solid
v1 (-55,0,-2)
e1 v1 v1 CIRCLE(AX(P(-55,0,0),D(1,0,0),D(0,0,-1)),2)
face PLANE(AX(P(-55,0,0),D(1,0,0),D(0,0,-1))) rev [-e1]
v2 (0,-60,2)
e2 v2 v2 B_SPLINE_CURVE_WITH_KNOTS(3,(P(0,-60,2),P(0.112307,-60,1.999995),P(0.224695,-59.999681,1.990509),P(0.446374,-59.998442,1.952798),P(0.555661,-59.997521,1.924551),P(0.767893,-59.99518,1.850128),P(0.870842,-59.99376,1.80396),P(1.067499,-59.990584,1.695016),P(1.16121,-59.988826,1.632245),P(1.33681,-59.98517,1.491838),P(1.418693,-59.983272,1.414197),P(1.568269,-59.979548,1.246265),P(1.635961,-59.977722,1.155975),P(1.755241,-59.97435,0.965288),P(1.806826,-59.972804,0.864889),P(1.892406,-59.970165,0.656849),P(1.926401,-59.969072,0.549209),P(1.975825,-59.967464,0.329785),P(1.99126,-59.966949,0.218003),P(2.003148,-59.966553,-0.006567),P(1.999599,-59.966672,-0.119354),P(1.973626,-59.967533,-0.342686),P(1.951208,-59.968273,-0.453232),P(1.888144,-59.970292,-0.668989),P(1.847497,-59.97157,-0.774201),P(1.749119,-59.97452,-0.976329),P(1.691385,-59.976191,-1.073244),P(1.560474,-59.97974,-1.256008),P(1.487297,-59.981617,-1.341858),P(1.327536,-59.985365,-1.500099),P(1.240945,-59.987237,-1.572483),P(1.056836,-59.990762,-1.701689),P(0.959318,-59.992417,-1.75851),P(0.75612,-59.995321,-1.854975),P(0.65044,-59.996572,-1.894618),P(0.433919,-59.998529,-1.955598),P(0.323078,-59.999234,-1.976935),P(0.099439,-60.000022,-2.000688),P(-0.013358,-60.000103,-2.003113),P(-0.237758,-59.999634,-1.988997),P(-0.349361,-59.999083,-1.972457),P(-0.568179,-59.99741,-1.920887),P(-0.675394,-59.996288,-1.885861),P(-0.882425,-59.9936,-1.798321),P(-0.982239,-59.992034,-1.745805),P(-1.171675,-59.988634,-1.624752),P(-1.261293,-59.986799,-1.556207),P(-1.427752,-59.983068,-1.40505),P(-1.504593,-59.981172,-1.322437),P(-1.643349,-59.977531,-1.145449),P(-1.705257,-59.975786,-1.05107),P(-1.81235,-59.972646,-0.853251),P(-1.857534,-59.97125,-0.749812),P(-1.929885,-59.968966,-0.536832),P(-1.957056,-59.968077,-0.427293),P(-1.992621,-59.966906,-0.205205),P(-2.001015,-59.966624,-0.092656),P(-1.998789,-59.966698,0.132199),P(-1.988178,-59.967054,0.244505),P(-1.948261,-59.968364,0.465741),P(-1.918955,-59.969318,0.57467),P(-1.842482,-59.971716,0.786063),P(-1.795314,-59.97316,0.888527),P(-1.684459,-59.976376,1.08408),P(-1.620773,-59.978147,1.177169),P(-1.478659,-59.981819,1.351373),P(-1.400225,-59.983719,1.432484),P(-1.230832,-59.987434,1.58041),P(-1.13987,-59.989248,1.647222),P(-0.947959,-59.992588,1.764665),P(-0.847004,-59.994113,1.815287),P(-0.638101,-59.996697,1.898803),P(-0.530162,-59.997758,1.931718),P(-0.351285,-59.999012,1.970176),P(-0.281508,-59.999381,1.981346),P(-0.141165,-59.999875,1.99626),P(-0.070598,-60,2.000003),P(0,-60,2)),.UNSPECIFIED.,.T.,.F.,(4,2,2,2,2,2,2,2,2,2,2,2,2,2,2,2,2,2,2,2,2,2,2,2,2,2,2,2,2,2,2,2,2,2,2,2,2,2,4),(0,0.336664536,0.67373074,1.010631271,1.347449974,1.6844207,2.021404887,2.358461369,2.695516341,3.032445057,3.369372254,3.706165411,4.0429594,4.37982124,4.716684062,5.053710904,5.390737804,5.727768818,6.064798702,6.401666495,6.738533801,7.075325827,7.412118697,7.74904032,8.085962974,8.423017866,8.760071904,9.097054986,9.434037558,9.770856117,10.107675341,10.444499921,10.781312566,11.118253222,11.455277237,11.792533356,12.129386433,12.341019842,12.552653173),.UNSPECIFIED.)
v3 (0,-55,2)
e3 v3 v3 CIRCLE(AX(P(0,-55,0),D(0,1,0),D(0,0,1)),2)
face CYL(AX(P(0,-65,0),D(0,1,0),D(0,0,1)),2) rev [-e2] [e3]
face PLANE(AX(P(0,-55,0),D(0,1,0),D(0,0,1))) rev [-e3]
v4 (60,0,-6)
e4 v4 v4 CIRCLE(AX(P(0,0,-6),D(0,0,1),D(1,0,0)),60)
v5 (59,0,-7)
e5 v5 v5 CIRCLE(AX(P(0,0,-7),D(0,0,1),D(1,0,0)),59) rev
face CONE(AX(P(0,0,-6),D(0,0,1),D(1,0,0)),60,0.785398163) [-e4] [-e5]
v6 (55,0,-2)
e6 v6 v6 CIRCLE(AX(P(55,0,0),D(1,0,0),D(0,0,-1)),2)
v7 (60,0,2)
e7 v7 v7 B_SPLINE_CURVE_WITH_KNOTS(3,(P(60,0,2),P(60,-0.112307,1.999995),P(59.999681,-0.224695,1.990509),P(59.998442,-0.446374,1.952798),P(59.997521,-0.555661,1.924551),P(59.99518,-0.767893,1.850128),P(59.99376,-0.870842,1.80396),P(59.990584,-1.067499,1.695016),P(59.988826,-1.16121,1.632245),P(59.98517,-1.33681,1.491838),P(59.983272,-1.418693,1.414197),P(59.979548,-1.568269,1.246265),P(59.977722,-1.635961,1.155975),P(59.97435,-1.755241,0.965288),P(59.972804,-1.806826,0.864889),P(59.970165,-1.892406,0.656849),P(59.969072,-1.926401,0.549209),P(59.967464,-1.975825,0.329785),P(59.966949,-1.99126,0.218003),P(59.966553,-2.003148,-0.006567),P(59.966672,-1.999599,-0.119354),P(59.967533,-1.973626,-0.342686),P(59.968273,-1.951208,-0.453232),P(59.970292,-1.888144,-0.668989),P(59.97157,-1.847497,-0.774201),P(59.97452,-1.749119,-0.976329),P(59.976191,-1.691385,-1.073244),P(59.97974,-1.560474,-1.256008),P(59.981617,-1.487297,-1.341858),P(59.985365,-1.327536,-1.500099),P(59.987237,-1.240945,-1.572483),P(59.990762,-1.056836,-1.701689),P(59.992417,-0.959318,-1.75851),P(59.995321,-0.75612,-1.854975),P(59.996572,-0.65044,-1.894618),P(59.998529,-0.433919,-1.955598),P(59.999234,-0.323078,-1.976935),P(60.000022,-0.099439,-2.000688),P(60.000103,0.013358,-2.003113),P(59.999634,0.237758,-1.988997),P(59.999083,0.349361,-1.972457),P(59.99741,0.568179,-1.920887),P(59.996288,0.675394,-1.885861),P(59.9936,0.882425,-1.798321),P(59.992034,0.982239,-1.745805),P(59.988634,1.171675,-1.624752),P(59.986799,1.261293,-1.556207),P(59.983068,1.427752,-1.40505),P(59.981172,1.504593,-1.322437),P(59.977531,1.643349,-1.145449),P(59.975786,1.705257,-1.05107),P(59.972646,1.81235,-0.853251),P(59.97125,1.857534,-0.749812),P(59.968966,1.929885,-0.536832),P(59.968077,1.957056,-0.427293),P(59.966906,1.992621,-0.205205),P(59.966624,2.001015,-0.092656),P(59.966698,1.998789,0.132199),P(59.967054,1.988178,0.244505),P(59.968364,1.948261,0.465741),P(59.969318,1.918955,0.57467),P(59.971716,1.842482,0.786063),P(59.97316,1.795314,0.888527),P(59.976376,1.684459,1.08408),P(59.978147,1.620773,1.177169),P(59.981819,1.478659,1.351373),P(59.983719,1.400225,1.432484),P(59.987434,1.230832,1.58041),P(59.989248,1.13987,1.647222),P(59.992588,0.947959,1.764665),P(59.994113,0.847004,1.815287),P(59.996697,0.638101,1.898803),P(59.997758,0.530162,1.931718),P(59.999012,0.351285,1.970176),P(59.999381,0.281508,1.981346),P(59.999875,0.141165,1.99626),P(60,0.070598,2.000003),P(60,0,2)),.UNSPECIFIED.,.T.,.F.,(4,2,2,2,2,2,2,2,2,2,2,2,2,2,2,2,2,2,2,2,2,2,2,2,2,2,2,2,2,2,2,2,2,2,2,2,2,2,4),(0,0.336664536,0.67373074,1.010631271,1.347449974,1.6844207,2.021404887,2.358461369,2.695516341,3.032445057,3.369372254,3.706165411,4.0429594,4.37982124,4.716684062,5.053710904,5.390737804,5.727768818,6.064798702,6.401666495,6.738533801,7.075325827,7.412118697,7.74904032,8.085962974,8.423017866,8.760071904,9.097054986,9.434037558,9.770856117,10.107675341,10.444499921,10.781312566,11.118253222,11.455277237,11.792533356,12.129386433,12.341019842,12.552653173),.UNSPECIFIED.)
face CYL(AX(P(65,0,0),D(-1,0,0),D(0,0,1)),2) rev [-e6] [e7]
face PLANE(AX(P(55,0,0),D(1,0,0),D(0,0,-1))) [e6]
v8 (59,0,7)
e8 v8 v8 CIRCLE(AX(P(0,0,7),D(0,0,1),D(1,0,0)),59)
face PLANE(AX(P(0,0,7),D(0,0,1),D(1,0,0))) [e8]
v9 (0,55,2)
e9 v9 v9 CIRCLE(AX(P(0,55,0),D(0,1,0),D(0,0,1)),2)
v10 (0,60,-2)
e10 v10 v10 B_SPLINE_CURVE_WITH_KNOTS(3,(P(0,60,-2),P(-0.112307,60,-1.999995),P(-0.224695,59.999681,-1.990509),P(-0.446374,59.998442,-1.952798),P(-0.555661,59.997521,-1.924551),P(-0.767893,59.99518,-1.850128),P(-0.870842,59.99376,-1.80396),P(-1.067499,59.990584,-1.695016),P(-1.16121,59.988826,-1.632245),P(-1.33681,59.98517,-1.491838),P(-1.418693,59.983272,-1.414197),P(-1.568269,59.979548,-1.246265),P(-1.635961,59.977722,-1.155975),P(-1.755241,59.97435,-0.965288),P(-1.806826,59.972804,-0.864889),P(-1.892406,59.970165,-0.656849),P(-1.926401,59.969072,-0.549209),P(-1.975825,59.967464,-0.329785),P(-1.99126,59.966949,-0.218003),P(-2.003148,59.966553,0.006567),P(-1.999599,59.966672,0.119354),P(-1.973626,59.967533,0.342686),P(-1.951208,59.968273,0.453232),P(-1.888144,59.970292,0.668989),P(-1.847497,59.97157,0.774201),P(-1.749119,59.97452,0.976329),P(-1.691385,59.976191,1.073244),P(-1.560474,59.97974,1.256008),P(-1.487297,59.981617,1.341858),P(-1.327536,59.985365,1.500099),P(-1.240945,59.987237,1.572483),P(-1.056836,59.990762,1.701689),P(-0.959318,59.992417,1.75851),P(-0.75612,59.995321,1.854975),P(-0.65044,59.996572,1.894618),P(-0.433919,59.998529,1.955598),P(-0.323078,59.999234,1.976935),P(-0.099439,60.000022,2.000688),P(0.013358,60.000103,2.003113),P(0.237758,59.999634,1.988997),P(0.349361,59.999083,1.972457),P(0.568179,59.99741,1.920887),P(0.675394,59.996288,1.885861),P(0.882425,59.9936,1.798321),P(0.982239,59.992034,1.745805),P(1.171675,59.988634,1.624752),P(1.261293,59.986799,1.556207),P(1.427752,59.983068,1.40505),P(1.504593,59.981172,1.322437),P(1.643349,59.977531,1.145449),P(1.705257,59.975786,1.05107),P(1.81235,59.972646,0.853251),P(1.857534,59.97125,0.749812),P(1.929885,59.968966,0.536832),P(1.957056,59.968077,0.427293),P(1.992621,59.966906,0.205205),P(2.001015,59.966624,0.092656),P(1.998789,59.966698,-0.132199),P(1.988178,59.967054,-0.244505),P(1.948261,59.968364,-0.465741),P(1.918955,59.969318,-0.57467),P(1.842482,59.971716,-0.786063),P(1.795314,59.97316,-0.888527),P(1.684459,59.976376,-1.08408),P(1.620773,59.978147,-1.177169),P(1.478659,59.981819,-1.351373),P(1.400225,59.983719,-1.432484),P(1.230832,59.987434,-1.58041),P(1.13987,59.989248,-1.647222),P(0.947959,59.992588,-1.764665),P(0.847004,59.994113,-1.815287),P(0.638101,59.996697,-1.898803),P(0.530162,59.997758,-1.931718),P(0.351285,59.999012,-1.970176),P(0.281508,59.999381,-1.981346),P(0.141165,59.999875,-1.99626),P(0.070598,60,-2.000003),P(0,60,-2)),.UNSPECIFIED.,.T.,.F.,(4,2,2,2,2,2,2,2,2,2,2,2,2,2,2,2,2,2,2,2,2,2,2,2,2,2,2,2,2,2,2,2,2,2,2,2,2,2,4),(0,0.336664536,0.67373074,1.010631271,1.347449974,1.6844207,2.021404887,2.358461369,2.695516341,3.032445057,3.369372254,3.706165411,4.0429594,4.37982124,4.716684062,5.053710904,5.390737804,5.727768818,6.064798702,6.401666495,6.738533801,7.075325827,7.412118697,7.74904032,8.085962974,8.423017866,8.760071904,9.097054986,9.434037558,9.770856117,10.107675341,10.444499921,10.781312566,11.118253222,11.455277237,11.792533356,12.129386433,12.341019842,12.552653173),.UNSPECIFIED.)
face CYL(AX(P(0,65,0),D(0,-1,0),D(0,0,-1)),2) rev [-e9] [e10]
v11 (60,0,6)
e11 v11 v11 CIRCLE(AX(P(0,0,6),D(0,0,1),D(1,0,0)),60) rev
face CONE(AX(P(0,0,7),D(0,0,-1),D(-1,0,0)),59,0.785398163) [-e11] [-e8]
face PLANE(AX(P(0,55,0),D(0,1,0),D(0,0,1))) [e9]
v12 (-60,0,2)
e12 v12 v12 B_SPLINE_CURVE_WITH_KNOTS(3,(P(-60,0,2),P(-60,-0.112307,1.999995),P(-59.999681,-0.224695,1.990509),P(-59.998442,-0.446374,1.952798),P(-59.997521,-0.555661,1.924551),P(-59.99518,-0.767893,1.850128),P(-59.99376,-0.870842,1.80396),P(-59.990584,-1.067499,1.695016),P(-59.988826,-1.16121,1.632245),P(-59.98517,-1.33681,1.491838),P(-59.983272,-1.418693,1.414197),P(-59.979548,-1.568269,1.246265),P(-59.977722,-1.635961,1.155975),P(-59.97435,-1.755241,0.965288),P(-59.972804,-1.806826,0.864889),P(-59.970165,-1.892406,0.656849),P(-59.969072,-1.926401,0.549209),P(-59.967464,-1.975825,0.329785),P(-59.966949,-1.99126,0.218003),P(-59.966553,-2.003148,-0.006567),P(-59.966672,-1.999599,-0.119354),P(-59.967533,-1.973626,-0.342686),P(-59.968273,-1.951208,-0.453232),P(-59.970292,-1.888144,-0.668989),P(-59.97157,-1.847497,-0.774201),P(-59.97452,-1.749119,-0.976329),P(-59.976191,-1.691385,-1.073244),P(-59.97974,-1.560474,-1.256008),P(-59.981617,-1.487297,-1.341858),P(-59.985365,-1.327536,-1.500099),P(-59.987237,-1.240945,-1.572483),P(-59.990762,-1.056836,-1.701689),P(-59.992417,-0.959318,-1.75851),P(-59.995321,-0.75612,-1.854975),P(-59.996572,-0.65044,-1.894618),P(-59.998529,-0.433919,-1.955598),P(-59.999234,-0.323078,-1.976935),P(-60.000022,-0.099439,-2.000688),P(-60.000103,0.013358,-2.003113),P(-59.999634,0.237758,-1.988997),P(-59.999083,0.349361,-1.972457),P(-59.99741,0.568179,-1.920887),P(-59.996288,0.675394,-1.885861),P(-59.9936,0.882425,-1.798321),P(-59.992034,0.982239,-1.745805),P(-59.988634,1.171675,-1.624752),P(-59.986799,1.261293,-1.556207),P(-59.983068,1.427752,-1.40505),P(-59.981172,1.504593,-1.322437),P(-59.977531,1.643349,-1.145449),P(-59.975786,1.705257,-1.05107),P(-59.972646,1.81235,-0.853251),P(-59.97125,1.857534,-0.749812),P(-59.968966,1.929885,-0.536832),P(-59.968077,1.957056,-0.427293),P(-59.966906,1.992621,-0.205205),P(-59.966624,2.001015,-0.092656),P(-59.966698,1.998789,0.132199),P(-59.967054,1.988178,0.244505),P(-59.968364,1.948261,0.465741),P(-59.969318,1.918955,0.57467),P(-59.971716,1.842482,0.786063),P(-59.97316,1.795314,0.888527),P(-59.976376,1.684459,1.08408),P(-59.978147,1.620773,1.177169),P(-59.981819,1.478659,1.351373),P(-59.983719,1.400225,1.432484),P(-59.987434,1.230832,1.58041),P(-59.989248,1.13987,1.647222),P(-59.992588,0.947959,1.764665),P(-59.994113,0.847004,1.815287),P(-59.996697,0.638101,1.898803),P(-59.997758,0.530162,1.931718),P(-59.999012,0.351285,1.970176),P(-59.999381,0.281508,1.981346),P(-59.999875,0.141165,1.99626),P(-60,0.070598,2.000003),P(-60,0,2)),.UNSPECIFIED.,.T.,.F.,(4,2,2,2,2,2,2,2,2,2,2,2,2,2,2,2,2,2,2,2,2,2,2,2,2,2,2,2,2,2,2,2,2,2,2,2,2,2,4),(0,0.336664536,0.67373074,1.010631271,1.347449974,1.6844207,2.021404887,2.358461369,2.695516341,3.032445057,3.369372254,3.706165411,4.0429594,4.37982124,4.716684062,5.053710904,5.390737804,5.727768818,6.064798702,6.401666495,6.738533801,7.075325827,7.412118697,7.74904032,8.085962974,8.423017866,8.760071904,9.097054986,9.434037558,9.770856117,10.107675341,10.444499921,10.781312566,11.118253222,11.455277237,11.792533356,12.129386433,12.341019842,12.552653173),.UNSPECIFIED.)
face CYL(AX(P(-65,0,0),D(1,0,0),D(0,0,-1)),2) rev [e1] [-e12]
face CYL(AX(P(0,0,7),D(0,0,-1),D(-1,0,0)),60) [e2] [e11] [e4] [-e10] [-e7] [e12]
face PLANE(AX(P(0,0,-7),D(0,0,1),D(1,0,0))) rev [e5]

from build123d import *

# Parameters (mm, degrees)
SKETCH1_R           = 60
BOSS_EXTRUDE1_DEPTH = 7
CHAMFER1_SIZE       = 1
CUT_EXTRUDE1_START  = 55
SKETCH2_R           = 2
CUT_EXTRUDE1_DEPTH  = 10
CUT_EXTRUDE2_START  = -65
SKETCH2_2_R         = 2
CUT_EXTRUDE2_DEPTH  = 10
CUT_EXTRUDE3_START  = 55
SKETCH3_R           = 2
CUT_EXTRUDE3_DEPTH  = 10
CUT_EXTRUDE4_START  = -65
SKETCH3_2_R         = 2
CUT_EXTRUDE4_DEPTH  = 10


with BuildPart() as part:
    # Sketch1 → Boss-Extrude1 (new, symmetric)
    with BuildSketch(Plane.XY):
        Circle(SKETCH1_R)
    extrude(amount=BOSS_EXTRUDE1_DEPTH, both=True)

    # Chamfer1
    chamfer1_edges = [part.edges().sort_by_distance(p)[0] for p in [
        (-60, 0, -7),
        (-60, 0, 7),
    ]]
    chamfer(chamfer1_edges, length=CHAMFER1_SIZE)

    # Sketch2 → Cut-Extrude1 (cut)
    with BuildSketch(Plane(origin=(0, 0, 0), x_dir=(1, 0, 0), z_dir=(0, 1, 0)).offset(CUT_EXTRUDE1_START)):
        Circle(SKETCH2_R)
    extrude(amount=CUT_EXTRUDE1_DEPTH, mode=Mode.SUBTRACT)

    # Sketch2<2> → Cut-Extrude2 (cut)
    with BuildSketch(Plane(origin=(0, 0, 0), x_dir=(1, 0, 0), z_dir=(0, 1, 0)).offset(CUT_EXTRUDE2_START)):
        Circle(SKETCH2_2_R)
    extrude(amount=CUT_EXTRUDE2_DEPTH, mode=Mode.SUBTRACT)

    # Sketch3 → Cut-Extrude3 (cut)
    with BuildSketch(Plane(origin=(0, 0, 0), x_dir=(0, 0, -1), z_dir=(1, 0, 0)).offset(CUT_EXTRUDE3_START)):
        Circle(SKETCH3_R)
    extrude(amount=CUT_EXTRUDE3_DEPTH, mode=Mode.SUBTRACT)

    # Sketch3<2> → Cut-Extrude4 (cut)
    with BuildSketch(Plane(origin=(0, 0, 0), x_dir=(0, 0, -1), z_dir=(1, 0, 0)).offset(CUT_EXTRUDE4_START)):
        Circle(SKETCH3_2_R)
    extrude(amount=CUT_EXTRUDE4_DEPTH, mode=Mode.SUBTRACT)


solid = part.part
